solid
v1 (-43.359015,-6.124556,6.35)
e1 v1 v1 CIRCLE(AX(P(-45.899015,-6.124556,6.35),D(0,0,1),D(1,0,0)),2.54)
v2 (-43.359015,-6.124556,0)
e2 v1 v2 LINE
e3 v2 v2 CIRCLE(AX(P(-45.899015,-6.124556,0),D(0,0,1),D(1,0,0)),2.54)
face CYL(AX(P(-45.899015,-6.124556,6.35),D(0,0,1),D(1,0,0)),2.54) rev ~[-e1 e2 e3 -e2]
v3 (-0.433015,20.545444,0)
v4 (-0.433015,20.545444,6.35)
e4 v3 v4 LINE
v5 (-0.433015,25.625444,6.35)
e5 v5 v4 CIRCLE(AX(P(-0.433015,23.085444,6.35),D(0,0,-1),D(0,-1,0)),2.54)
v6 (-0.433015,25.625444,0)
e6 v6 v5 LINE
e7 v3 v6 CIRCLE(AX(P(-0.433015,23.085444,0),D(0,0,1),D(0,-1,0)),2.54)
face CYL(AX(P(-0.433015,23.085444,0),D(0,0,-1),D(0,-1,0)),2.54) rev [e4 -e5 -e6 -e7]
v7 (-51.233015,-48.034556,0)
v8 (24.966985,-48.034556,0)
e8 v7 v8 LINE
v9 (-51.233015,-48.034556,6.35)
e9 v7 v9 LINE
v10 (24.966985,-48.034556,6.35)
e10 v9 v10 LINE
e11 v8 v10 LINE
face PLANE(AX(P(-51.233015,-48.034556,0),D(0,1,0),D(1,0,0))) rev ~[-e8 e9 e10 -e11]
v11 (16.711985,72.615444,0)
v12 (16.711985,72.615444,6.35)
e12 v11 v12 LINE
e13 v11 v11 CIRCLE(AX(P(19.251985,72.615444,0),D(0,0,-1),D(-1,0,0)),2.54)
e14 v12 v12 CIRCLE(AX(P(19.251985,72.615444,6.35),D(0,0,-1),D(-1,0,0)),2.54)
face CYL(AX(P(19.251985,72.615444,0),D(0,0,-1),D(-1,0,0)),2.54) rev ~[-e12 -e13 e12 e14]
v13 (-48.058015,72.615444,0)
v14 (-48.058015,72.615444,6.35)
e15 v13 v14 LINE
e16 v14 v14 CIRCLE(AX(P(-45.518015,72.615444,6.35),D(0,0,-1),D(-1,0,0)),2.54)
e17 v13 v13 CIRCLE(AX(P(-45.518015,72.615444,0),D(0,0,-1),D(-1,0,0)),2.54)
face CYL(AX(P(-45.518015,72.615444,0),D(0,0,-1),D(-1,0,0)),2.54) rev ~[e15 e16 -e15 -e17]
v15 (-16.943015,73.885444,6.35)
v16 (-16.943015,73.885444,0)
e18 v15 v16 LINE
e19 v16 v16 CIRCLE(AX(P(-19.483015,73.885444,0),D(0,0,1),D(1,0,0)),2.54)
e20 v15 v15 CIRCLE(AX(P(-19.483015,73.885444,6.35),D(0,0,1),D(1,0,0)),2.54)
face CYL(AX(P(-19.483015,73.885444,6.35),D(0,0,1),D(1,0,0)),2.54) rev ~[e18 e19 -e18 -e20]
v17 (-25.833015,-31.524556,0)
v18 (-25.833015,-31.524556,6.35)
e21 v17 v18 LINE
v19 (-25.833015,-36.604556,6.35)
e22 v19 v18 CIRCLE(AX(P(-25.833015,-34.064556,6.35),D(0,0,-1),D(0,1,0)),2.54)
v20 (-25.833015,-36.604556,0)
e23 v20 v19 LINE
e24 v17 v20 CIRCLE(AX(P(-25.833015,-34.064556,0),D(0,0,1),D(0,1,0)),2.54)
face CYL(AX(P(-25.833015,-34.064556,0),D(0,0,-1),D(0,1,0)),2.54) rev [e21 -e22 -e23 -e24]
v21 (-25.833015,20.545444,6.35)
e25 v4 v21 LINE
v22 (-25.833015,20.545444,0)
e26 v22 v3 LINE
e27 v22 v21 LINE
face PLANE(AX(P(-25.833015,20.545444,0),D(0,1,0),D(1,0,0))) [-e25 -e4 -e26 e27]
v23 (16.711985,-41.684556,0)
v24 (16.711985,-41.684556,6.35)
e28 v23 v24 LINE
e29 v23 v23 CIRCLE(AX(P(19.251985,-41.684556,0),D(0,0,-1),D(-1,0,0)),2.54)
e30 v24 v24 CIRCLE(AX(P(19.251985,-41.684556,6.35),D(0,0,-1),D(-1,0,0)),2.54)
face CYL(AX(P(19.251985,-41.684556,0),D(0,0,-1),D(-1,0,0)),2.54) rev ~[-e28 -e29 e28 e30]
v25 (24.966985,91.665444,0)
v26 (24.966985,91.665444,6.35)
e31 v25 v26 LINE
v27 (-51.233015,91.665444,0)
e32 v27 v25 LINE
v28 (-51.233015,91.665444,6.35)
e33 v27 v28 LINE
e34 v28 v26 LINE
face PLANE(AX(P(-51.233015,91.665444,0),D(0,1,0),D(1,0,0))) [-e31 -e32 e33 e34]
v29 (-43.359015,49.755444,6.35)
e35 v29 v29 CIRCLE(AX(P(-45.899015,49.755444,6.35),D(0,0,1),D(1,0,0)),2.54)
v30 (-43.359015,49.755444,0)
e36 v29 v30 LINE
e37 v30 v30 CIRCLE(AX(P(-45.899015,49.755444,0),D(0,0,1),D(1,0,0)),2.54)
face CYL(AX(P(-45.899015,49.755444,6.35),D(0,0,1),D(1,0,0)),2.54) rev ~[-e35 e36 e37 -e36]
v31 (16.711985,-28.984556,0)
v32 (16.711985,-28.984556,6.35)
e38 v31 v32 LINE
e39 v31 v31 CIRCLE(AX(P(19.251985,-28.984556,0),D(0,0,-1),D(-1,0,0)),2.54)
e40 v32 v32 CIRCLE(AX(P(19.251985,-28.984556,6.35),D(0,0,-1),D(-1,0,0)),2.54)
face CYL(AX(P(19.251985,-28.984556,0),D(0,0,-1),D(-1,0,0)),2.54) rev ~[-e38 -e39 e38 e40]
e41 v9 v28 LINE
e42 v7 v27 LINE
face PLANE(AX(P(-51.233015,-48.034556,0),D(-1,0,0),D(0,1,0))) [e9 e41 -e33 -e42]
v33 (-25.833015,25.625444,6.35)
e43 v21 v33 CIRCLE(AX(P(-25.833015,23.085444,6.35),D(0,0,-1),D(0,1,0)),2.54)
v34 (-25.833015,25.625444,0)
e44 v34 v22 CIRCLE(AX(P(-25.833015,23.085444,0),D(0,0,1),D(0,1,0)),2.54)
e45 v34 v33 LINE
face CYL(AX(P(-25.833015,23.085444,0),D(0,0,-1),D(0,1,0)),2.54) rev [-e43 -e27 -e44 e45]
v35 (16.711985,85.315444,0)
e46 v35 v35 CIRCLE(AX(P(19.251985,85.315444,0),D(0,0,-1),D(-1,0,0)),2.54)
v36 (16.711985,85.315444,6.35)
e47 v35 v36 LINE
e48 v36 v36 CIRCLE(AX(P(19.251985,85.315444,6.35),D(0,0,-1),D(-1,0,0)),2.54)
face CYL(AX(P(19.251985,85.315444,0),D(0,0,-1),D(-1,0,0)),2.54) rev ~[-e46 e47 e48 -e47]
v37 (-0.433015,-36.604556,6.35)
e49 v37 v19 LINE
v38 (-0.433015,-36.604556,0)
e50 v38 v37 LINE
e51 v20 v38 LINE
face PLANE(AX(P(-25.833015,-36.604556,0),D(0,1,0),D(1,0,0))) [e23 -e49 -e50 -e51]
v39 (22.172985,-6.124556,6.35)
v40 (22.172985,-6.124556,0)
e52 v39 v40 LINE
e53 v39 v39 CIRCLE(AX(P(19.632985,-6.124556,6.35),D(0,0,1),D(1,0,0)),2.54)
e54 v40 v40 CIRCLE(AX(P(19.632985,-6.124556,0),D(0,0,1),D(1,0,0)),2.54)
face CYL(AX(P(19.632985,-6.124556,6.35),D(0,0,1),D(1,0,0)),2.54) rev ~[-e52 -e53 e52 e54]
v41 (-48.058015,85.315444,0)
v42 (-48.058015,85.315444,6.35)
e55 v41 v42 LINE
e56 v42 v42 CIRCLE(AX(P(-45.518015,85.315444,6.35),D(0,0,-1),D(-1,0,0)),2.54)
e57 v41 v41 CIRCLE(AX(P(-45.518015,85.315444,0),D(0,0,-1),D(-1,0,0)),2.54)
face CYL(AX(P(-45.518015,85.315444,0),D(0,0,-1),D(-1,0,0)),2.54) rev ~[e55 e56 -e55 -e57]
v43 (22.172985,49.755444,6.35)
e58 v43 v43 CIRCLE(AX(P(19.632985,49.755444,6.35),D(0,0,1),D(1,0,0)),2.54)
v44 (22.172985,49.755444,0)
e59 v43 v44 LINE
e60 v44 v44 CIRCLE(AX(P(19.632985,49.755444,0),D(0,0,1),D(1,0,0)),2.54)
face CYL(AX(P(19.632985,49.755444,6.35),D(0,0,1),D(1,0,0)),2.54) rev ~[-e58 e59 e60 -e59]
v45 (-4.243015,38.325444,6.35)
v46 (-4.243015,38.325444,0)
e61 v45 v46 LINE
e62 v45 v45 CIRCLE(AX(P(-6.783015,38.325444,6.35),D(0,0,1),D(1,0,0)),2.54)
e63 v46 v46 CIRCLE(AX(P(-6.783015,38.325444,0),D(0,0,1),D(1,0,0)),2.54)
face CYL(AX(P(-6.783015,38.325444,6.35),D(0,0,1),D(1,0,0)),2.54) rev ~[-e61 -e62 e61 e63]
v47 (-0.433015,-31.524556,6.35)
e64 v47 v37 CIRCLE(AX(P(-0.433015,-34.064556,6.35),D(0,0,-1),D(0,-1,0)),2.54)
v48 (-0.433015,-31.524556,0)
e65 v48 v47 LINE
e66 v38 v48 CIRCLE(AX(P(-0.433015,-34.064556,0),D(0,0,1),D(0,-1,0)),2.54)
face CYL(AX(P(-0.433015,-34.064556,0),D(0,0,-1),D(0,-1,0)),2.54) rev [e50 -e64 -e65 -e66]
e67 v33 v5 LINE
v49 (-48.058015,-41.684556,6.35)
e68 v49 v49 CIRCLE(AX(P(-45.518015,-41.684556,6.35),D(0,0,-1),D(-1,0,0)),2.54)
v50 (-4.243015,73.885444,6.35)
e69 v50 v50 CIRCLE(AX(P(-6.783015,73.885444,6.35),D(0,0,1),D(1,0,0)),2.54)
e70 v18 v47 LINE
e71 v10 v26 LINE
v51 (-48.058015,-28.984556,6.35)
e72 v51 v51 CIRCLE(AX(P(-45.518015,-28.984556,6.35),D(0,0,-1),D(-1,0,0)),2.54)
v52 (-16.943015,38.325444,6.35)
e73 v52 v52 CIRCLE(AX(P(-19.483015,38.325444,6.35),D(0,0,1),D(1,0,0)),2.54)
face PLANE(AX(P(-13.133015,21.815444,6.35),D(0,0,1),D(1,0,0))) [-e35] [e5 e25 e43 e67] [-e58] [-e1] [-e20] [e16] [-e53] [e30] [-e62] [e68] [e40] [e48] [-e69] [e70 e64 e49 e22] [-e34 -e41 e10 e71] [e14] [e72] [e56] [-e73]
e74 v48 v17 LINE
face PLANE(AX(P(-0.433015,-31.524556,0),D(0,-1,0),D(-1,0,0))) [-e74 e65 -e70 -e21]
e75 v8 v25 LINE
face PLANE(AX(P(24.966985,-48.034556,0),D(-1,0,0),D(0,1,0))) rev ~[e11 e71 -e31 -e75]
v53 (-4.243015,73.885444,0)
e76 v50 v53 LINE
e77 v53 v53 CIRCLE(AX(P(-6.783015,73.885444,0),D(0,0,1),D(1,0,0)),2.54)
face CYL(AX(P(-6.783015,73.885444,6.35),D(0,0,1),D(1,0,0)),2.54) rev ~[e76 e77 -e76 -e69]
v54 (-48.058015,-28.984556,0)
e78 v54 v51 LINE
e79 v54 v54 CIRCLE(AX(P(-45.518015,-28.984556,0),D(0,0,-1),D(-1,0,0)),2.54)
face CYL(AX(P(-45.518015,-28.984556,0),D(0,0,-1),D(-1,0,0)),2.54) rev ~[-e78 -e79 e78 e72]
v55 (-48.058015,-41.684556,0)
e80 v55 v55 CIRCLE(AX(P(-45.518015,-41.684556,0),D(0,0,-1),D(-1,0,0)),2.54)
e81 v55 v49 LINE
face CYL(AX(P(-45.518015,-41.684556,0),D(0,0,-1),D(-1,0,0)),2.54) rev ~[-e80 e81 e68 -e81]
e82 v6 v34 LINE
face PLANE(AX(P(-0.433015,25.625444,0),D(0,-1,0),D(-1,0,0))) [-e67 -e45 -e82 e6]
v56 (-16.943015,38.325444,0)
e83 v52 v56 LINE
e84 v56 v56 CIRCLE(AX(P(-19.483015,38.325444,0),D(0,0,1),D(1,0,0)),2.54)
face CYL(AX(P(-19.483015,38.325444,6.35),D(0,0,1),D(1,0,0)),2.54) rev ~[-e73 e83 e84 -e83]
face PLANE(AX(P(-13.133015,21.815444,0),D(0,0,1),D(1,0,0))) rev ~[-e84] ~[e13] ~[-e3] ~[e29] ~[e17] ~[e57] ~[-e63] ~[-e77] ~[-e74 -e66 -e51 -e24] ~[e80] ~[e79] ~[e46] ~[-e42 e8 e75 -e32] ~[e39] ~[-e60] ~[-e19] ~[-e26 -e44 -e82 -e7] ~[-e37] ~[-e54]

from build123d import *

# Parameters (mm, degrees)
SKETCH1_W           = 76.2
SKETCH1_H           = 139.7
BOSS_EXTRUDE1_DEPTH = 6.35
SKETCH2_R           = 2.54
CUT_EXTRUDE1_DEPTH  = 15.24
SKETCH3_R           = 2.54
CUT_EXTRUDE2_DEPTH  = 15.24
SKETCH4_R           = 2.54
CUT_EXTRUDE3_DEPTH  = 7.62
CUT_EXTRUDE4_DEPTH  = 7.62


with BuildPart() as part:
    # Sketch1 → Boss-Extrude1 (new body)
    with BuildSketch(Plane.XY):
        with Locations((-13.133014553, 21.815443873)):
            Rectangle(SKETCH1_W, SKETCH1_H)
    extrude(amount=BOSS_EXTRUDE1_DEPTH)

    # Sketch2 → Cut-Extrude1 (cut)
    with BuildSketch(Plane(origin=(0, 0, 0), x_dir=(-1, 0, 0), z_dir=(0, 0, -1))):
        with Locations((45.518014553, 85.315443873)):
            Circle(SKETCH2_R)
        with Locations((45.518014553, 72.615443873)):
            Circle(SKETCH2_R)
        with Locations((45.518014553, -28.984556127)):
            Circle(SKETCH2_R)
        with Locations((45.518014553, -41.684556127)):
            Circle(SKETCH2_R)
        with Locations((-19.251985447, -41.684556127)):
            Circle(SKETCH2_R)
        with Locations((-19.251985447, -28.984556127)):
            Circle(SKETCH2_R)
        with Locations((-19.251985447, 85.315443873)):
            Circle(SKETCH2_R)
        with Locations((-19.251985447, 72.615443873)):
            Circle(SKETCH2_R)
    extrude(amount=-CUT_EXTRUDE1_DEPTH, mode=Mode.SUBTRACT)

    # Sketch3 → Cut-Extrude2 (cut)
    with BuildSketch(Plane.XY.offset(6.35)):
        with Locations((-19.483014553, 38.325443873)):
            Circle(SKETCH3_R)
        with Locations((-6.783014553, 38.325443873)):
            Circle(SKETCH3_R)
        with Locations((-19.483014553, 73.885443873)):
            Circle(SKETCH3_R)
        with Locations((-6.783014553, 73.885443873)):
            Circle(SKETCH3_R)
    extrude(amount=-CUT_EXTRUDE2_DEPTH, mode=Mode.SUBTRACT)

    # Sketch4 → Cut-Extrude3 (cut)
    with BuildSketch(Plane.XY.offset(6.35)):
        with Locations((-45.899014553, 49.755443873)):
            Circle(SKETCH4_R)
        with Locations((-45.899014553, -6.124556127)):
            Circle(SKETCH4_R)
        with Locations((19.632985447, -6.124556127)):
            Circle(SKETCH4_R)
        with Locations((19.632985447, 49.755443873)):
            Circle(SKETCH4_R)
    extrude(amount=-CUT_EXTRUDE3_DEPTH, mode=Mode.SUBTRACT)

    # Sketch5 → Cut-Extrude4 (cut)
    with BuildSketch(Plane(origin=(0, 0, 0), x_dir=(-1, 0, 0), z_dir=(0, 0, -1))):
        with BuildLine():
            Line((0.433014553, 25.625443873), (25.833014553, 25.625443873))
            ThreePointArc((25.833014553, 25.625443873), (28.373014553, 23.085443873), (25.833014553, 20.545443873))
            Line((25.833014553, 20.545443873), (0.433014553, 20.545443873))
            ThreePointArc((0.433014553, 20.545443873), (-2.106985447, 23.085443873), (0.433014553, 25.625443873))
        make_face()
        with BuildLine():
            Line((0.433014553, -31.524556127), (25.833014553, -31.524556127))
            ThreePointArc((25.833014553, -31.524556127), (28.373014553, -34.064556127), (25.833014553, -36.604556127))
            Line((25.833014553, -36.604556127), (0.433014553, -36.604556127))
            ThreePointArc((0.433014553, -36.604556127), (-2.106985447, -34.064556127), (0.433014553, -31.524556127))
        make_face()
    extrude(amount=-CUT_EXTRUDE4_DEPTH, mode=Mode.SUBTRACT)


solid = part.part
